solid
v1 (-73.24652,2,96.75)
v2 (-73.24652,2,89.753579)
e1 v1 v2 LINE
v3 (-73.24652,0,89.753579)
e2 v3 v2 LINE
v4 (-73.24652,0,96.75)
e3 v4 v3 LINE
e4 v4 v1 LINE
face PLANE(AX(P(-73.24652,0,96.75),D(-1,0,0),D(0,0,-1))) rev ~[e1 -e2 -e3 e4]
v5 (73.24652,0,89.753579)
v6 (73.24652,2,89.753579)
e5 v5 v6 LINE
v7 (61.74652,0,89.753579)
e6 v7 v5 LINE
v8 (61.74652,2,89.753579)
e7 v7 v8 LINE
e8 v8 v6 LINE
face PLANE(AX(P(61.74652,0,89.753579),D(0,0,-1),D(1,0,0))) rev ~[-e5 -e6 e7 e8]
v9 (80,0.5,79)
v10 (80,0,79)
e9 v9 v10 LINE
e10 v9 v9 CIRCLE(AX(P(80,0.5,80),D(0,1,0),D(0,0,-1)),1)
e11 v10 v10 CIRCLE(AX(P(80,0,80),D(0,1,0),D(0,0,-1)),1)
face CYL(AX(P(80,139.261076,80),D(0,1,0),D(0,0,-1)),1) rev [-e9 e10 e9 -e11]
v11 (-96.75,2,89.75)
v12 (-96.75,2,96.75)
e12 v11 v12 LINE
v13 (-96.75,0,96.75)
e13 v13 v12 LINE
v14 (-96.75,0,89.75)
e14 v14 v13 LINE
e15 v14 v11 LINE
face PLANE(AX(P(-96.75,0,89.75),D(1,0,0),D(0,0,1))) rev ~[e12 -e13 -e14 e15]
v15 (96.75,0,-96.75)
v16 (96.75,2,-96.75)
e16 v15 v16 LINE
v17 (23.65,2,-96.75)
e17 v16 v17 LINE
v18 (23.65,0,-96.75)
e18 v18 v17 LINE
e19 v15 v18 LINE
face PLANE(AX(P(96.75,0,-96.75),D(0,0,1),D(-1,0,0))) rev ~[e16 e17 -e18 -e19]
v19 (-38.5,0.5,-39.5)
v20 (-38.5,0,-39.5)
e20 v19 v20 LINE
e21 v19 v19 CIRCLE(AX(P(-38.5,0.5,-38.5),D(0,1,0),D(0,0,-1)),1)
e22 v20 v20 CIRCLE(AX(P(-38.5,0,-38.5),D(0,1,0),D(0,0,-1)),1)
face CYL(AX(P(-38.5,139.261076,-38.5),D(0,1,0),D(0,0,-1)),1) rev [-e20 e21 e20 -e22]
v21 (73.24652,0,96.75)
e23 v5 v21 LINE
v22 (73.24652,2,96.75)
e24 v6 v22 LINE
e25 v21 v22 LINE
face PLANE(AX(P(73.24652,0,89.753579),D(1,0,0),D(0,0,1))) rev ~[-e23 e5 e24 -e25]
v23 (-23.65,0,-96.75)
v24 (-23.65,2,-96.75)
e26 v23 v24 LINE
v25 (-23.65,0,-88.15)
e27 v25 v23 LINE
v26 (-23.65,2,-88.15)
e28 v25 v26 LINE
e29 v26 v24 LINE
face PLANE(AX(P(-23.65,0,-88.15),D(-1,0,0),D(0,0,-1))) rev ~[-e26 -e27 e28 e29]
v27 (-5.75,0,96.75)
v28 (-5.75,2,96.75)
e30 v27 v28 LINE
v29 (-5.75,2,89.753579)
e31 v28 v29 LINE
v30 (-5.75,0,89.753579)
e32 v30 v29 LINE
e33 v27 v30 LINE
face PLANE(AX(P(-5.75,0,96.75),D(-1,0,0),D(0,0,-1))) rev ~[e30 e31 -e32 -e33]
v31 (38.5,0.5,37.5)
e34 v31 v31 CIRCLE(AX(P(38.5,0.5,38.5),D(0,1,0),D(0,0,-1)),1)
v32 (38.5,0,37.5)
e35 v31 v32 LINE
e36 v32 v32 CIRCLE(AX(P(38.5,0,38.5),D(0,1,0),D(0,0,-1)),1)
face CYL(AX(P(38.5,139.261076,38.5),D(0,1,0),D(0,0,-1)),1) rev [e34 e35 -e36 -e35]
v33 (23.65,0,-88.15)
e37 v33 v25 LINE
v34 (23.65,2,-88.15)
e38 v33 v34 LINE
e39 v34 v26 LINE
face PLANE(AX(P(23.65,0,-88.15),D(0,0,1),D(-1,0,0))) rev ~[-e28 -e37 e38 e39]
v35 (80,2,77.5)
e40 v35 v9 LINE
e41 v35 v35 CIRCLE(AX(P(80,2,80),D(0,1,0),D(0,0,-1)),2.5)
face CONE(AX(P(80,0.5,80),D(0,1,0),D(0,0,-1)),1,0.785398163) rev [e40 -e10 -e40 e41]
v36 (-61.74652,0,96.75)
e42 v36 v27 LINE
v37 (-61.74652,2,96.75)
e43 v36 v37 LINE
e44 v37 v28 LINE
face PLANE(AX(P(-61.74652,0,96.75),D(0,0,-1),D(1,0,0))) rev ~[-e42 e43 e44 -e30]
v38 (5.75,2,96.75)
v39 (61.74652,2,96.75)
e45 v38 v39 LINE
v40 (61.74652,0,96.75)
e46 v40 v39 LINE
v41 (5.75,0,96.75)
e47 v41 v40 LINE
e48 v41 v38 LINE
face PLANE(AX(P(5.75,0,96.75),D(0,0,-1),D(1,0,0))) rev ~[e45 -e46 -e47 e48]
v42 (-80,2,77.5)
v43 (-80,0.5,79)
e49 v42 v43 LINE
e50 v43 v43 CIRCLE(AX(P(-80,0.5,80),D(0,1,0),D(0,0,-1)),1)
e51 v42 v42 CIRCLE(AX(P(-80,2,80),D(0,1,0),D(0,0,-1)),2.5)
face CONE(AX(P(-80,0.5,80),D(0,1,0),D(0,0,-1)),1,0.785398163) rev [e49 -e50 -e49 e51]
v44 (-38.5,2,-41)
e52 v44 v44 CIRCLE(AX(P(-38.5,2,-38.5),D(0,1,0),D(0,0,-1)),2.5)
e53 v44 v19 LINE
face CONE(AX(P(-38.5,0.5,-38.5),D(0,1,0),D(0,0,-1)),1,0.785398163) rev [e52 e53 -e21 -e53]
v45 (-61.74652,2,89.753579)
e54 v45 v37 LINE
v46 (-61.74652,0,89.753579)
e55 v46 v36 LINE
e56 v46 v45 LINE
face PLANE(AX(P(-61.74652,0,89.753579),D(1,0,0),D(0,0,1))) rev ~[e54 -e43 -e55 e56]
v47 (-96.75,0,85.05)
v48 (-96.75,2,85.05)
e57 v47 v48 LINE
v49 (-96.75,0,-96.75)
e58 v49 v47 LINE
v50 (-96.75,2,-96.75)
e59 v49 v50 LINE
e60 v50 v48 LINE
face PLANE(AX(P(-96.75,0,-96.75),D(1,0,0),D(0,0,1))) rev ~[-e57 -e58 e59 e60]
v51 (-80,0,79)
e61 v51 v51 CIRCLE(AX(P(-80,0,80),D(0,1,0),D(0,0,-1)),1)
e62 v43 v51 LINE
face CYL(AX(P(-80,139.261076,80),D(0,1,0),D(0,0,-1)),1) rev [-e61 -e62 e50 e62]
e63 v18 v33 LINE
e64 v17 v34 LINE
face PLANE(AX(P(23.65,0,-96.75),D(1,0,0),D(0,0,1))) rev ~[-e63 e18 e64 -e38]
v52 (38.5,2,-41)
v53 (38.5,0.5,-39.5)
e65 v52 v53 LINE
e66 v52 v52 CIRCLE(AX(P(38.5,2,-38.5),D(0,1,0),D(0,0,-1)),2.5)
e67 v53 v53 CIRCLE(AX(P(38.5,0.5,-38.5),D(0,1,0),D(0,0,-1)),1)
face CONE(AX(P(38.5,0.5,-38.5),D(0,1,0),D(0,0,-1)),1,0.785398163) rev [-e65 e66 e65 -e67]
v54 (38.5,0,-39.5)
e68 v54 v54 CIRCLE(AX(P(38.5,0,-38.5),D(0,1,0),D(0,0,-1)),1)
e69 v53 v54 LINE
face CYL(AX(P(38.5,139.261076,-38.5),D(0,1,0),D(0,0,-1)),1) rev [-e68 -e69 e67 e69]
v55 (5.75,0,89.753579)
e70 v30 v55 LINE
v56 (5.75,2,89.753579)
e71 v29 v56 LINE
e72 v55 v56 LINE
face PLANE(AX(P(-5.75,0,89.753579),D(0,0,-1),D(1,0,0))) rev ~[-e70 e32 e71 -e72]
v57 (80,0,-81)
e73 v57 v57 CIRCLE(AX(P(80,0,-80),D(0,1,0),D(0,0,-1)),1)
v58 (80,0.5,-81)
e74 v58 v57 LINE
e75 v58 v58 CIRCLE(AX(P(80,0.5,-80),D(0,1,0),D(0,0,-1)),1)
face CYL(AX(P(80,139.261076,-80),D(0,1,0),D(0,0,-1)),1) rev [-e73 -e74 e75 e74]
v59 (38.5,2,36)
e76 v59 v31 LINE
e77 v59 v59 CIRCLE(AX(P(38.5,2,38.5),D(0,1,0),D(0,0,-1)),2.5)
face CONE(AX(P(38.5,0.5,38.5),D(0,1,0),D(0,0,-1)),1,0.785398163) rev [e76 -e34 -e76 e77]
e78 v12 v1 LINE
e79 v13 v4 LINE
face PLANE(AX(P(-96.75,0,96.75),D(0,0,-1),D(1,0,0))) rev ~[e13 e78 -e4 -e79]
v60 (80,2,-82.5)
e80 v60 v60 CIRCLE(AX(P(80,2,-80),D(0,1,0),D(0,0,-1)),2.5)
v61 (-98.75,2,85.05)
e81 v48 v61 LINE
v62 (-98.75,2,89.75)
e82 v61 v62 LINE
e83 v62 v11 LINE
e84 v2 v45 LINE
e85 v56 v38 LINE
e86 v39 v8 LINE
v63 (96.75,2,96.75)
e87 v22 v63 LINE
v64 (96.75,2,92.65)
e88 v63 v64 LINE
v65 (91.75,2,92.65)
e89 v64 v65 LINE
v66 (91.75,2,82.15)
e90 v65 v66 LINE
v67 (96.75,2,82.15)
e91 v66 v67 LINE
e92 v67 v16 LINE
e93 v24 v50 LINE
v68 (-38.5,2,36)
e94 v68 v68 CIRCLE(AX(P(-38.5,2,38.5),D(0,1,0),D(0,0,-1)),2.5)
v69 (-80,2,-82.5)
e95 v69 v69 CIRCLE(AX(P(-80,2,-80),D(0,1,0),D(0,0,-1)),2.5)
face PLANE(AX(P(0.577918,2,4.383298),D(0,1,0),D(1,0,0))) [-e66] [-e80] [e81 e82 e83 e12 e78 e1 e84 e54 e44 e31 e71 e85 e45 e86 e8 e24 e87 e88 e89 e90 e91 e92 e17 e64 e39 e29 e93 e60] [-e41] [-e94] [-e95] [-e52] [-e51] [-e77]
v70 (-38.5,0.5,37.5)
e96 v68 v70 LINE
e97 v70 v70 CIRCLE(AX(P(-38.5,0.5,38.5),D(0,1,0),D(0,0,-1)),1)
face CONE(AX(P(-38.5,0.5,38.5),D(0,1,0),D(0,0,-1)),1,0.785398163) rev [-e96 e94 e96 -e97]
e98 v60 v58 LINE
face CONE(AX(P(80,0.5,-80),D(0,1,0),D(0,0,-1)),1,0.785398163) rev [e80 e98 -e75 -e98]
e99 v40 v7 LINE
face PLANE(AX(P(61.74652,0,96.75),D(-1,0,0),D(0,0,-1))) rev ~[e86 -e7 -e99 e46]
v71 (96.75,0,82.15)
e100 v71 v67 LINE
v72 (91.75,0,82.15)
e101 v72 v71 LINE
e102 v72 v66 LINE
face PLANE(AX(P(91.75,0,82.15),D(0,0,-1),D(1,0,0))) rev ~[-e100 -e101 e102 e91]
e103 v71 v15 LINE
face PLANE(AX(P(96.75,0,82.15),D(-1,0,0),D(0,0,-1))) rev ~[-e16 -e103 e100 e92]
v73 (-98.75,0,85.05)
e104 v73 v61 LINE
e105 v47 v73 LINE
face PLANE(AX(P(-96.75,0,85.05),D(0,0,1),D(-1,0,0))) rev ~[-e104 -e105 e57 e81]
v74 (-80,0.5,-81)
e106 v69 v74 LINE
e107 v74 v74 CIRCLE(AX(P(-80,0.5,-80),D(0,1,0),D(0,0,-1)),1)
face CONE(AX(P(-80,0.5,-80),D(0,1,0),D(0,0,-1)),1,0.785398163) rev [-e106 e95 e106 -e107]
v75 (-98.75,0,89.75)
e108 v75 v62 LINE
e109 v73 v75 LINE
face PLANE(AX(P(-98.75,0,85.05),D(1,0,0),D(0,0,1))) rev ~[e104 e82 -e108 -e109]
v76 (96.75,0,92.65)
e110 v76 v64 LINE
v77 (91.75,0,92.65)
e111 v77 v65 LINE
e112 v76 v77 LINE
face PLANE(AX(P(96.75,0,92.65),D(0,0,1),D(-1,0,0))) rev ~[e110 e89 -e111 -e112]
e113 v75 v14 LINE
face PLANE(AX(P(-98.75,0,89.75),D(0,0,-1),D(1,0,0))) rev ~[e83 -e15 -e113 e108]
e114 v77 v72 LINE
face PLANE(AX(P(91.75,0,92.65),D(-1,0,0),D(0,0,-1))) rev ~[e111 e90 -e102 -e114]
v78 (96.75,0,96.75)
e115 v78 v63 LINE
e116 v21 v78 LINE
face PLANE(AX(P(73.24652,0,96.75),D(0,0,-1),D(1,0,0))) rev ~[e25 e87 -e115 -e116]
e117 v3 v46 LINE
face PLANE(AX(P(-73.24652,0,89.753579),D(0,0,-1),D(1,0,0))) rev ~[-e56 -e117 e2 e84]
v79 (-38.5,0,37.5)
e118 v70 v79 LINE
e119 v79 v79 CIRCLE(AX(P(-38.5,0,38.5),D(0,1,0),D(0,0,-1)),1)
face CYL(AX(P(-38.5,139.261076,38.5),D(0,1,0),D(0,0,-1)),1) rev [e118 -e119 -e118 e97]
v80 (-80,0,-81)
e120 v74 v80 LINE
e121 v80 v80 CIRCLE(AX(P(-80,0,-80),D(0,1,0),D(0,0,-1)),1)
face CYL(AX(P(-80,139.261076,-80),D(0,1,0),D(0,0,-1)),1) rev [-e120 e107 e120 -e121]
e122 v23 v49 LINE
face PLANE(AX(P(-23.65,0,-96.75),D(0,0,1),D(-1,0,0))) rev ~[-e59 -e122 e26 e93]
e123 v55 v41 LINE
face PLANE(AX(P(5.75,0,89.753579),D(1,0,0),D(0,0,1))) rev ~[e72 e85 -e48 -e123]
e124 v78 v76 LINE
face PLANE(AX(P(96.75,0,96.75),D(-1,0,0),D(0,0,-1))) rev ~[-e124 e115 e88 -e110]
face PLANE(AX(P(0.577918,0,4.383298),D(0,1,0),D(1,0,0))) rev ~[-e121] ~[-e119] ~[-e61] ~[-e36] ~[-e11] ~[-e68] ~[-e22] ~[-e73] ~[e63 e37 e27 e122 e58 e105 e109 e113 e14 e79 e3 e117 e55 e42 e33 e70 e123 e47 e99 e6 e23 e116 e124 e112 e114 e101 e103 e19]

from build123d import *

# Parameters (mm, degrees)
BOSS_EXTRUDE1_DEPTH     = 2
CUT_EXTRUDE1_DEPTH      = 139.261075506
CUT_EXTRUDE1_DEPTH_BACK = 139.261075506
SKETCH2_R               = 1
CHAMFER1_SIZE           = 1.5


with BuildPart() as part:
    # Sketch1 → Boss-Extrude1 (new body)
    with BuildSketch(Plane(origin=(0, 0, 0), x_dir=(1, 0, 0), z_dir=(0, 1, 0))):
        Polygon((5.75, -96.75), (61.746519787, -96.75), (61.746519787, -89.753578842), (73.246519787, -89.753578842), (73.246519787, -96.75), (96.75, -96.75), (96.75, -92.65), (91.75, -92.65), (91.75, -82.15), (96.75, -82.15), (96.75, 96.75), (23.65, 96.75), (23.65, 88.15), (-23.65, 88.15), (-23.65, 96.75), (-96.75, 96.75), (-96.75, -85.05), (-98.75, -85.05), (-98.75, -89.75), (-96.75, -89.75), (-96.75, -96.75), (-73.246519787, -96.75), (-73.246519787, -89.753578842), (-61.746519787, -89.753578842), (-61.746519787, -96.75), (-5.75, -96.75), (-5.75, -89.753578842), (5.75, -89.753578842), align=None)
    extrude(amount=BOSS_EXTRUDE1_DEPTH)

    # Sketch2 → Cut-Extrude1 (cut, two sides: drawn at the far end of the back side and taken through both)
    with BuildSketch(Plane.XZ.offset(-CUT_EXTRUDE1_DEPTH_BACK)):
        with Locations(Location((80, 80, 0), (0, 0, 270))):
            Circle(SKETCH2_R)
        with Locations(Location((-80, 80, 0), (0, 0, 270))):
            Circle(SKETCH2_R)
        with Locations(Location((-38.5, 38.5, 0), (0, 0, 270))):
            Circle(SKETCH2_R)
        with Locations(Location((38.5, 38.5, 0), (0, 0, 270))):
            Circle(SKETCH2_R)
        with Locations(Location((80, -80, 0), (0, 0, 270))):
            Circle(SKETCH2_R)
        with Locations(Location((-80, -80, 0), (0, 0, 270))):
            Circle(SKETCH2_R)
        with Locations(Location((38.5, -38.5, 0), (0, 0, 270))):
            Circle(SKETCH2_R)
        with Locations(Location((-38.5, -38.5, 0), (0, 0, 270))):
            Circle(SKETCH2_R)
    extrude(amount=CUT_EXTRUDE1_DEPTH + CUT_EXTRUDE1_DEPTH_BACK, mode=Mode.SUBTRACT)

    # Chamfer1
    chamfer1_edges = [part.edges().sort_by_distance(p)[0] for p in [
        (-80, 2, 81),
        (-38.5, 2, 39.5),
        (38.5, 2, 39.5),
        (80, 2, -79),
        (-38.5, 2, -37.5),
        (38.5, 2, -37.5),
        (-80, 2, -79),
        (80, 2, 81),
    ]]
    chamfer(chamfer1_edges, length=CHAMFER1_SIZE)


solid = part.part
